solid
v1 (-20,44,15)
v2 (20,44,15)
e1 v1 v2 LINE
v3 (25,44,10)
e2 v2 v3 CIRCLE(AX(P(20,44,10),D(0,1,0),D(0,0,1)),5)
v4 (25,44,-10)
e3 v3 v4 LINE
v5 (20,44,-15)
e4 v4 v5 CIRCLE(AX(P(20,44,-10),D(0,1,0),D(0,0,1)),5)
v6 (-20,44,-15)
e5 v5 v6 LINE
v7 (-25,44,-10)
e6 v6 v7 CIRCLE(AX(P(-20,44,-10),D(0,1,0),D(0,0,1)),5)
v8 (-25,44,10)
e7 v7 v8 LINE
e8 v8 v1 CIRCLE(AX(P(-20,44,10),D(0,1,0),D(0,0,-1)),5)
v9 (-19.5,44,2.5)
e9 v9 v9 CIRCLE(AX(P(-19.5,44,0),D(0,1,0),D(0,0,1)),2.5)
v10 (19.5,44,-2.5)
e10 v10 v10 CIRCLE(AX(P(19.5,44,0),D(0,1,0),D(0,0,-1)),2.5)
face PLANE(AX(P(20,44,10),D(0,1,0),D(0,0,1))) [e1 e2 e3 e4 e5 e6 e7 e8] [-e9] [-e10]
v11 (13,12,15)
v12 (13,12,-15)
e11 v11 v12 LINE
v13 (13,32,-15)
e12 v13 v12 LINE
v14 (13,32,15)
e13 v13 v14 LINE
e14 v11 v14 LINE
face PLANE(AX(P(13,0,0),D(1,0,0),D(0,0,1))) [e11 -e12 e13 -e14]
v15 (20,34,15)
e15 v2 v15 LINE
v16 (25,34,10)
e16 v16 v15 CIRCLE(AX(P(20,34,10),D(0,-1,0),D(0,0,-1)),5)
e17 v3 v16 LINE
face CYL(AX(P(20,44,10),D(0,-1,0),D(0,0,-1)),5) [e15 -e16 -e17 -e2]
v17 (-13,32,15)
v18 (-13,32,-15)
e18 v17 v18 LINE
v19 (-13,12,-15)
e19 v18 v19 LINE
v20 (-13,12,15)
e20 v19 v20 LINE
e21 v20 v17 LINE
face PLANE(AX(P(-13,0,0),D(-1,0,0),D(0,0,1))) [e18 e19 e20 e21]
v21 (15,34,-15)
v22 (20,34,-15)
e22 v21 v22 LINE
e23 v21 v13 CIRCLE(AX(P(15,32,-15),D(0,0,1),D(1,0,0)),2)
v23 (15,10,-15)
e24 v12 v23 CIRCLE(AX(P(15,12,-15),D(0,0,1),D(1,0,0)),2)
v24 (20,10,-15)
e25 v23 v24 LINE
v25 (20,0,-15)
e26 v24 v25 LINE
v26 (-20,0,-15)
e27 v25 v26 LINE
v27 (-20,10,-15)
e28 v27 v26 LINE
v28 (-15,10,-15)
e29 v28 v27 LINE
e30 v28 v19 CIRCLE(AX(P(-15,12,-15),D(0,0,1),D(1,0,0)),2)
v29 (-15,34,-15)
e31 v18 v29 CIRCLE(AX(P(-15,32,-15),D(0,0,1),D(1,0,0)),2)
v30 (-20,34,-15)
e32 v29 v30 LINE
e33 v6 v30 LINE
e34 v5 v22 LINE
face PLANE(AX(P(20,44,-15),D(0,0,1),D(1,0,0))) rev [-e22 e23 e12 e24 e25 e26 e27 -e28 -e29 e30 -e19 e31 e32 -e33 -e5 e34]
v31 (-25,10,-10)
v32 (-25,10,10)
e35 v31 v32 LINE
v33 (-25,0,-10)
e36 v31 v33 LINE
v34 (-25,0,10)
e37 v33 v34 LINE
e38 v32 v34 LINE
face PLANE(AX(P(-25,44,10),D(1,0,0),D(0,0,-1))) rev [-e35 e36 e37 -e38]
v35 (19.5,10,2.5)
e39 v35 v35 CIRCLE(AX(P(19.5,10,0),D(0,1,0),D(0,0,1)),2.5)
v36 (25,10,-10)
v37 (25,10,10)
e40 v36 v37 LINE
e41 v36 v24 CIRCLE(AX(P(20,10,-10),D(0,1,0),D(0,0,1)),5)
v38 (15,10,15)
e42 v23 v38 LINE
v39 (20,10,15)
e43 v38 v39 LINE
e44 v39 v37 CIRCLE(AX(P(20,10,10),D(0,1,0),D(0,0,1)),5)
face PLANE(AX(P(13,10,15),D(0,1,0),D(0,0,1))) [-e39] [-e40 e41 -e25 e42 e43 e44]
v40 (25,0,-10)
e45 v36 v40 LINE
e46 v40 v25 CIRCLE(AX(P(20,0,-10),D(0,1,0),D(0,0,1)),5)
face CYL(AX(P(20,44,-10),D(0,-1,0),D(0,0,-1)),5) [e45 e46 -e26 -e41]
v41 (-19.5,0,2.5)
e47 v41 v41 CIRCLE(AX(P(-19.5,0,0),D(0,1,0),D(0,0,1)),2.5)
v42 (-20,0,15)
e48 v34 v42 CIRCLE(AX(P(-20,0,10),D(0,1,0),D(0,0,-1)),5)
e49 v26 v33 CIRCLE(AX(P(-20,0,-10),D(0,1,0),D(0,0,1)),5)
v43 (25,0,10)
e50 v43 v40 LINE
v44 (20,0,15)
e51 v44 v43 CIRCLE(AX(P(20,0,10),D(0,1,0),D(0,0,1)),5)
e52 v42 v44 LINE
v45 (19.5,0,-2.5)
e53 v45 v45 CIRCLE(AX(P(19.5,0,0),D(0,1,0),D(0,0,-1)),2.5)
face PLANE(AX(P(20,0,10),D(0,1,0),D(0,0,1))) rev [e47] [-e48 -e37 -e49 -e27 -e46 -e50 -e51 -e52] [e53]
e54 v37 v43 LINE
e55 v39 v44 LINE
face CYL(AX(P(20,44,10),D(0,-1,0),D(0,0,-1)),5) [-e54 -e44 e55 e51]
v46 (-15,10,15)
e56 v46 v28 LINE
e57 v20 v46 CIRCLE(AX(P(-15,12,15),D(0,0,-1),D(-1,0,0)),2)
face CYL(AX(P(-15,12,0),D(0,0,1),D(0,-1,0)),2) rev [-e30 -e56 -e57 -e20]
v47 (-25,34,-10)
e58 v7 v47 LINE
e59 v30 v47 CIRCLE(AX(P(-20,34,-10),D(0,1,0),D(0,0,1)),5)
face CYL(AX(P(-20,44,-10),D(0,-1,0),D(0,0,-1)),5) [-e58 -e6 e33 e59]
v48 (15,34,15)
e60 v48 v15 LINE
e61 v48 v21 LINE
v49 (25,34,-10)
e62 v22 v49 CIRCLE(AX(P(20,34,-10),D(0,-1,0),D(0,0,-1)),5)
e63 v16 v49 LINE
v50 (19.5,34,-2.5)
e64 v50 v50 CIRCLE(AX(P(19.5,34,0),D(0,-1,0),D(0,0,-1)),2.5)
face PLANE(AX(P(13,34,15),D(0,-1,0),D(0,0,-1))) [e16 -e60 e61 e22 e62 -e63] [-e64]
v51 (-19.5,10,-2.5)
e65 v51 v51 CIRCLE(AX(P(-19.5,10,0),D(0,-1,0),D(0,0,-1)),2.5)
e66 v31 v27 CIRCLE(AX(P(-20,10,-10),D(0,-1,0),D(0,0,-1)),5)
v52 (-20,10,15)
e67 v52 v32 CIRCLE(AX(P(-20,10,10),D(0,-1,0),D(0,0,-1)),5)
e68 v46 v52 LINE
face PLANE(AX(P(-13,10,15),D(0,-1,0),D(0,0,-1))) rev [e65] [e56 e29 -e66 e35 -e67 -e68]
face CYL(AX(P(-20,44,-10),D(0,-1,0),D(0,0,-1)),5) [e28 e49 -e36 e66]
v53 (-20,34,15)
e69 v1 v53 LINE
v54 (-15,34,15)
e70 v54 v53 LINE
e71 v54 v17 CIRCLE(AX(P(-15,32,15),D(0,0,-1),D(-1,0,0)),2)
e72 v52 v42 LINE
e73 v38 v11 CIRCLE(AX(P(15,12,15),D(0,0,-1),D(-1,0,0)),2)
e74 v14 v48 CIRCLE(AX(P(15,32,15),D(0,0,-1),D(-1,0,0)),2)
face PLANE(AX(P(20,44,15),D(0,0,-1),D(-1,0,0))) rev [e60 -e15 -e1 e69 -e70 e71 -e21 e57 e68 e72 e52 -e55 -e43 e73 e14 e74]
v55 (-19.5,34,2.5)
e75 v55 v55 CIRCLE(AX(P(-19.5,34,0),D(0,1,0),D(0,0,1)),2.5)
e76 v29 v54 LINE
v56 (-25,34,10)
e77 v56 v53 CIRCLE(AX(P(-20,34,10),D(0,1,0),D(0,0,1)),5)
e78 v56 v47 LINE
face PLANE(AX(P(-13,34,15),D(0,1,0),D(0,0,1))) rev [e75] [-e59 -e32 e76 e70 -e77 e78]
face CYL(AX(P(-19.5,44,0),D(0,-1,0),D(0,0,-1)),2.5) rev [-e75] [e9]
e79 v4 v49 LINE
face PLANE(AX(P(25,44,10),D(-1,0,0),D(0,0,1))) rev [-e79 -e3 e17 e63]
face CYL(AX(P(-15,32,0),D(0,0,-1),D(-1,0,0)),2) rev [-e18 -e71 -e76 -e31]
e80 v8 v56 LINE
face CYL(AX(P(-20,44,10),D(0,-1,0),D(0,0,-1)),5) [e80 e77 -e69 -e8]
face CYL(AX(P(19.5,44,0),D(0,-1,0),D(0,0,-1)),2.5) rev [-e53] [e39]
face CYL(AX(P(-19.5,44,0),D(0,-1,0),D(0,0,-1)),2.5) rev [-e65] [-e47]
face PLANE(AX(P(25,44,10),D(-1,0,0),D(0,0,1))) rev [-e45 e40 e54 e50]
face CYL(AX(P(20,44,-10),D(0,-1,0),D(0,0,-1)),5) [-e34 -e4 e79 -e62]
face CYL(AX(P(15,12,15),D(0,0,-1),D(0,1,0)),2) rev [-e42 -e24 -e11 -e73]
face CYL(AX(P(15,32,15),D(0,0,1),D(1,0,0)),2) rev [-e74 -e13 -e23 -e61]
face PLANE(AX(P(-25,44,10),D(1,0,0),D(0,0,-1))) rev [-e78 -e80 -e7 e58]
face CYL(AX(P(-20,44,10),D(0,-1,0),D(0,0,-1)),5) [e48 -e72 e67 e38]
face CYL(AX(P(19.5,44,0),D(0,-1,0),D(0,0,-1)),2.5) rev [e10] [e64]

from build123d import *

# Parameters (mm, degrees)
SKETCH1_R           = 2.5
BOSS_EXTRUDE1_DEPTH = 44
SKETCH2_W           = 30
SKETCH2_H           = 24
CUT_EXTRUDE1_DEPTH  = 12
FILLET1_R           = 2


with BuildPart() as part:
    # Sketch1 → Boss-Extrude1 (new body)
    with BuildSketch(Plane(origin=(0, 0, 0), x_dir=(1, 0, 0), z_dir=(0, 1, 0))):
        with BuildLine():
            Line((20, -15), (-20, -15))
            ThreePointArc((-20, -15), (-23.535533906, -13.535533906), (-25, -10))
            Line((-25, -10), (-25, 10))
            ThreePointArc((-25, 10), (-23.535533906, 13.535533906), (-20, 15))
            Line((-20, 15), (20, 15))
            ThreePointArc((20, 15), (23.535533906, 13.535533906), (25, 10))
            Line((25, 10), (25, -10))
            ThreePointArc((25, -10), (23.535533906, -13.535533906), (20, -15))
        make_face()
        with Locations((-19.5, 0)):
            Circle(SKETCH1_R, mode=Mode.SUBTRACT)
        with Locations((19.5, 0)):
            Circle(SKETCH1_R, mode=Mode.SUBTRACT)
    extrude(amount=BOSS_EXTRUDE1_DEPTH)

    # Sketch2 → Cut-Extrude1 (cut)
    with BuildSketch(Plane.ZY.offset(25)):
        with Locations((0, 22)):
            Rectangle(SKETCH2_W, SKETCH2_H)
    cut_extrude1 = extrude(amount=-CUT_EXTRUDE1_DEPTH, mode=Mode.SUBTRACT)

    # Mirror1: Cut-Extrude1 across plane
    add(cut_extrude1.mirror(Plane(origin=(0, 0, 0), x_dir=(0, 0, 1), z_dir=(1, 0, 0))), mode=Mode.SUBTRACT)

    # Fillet1
    fillet1_edges = [part.edges().sort_by_distance(p)[0] for p in [
        (-13, 34, 0),
        (-13, 10, 0),
        (13, 10, 0),
        (13, 34, 0),
    ]]
    fillet(fillet1_edges, radius=FILLET1_R)


solid = part.part
